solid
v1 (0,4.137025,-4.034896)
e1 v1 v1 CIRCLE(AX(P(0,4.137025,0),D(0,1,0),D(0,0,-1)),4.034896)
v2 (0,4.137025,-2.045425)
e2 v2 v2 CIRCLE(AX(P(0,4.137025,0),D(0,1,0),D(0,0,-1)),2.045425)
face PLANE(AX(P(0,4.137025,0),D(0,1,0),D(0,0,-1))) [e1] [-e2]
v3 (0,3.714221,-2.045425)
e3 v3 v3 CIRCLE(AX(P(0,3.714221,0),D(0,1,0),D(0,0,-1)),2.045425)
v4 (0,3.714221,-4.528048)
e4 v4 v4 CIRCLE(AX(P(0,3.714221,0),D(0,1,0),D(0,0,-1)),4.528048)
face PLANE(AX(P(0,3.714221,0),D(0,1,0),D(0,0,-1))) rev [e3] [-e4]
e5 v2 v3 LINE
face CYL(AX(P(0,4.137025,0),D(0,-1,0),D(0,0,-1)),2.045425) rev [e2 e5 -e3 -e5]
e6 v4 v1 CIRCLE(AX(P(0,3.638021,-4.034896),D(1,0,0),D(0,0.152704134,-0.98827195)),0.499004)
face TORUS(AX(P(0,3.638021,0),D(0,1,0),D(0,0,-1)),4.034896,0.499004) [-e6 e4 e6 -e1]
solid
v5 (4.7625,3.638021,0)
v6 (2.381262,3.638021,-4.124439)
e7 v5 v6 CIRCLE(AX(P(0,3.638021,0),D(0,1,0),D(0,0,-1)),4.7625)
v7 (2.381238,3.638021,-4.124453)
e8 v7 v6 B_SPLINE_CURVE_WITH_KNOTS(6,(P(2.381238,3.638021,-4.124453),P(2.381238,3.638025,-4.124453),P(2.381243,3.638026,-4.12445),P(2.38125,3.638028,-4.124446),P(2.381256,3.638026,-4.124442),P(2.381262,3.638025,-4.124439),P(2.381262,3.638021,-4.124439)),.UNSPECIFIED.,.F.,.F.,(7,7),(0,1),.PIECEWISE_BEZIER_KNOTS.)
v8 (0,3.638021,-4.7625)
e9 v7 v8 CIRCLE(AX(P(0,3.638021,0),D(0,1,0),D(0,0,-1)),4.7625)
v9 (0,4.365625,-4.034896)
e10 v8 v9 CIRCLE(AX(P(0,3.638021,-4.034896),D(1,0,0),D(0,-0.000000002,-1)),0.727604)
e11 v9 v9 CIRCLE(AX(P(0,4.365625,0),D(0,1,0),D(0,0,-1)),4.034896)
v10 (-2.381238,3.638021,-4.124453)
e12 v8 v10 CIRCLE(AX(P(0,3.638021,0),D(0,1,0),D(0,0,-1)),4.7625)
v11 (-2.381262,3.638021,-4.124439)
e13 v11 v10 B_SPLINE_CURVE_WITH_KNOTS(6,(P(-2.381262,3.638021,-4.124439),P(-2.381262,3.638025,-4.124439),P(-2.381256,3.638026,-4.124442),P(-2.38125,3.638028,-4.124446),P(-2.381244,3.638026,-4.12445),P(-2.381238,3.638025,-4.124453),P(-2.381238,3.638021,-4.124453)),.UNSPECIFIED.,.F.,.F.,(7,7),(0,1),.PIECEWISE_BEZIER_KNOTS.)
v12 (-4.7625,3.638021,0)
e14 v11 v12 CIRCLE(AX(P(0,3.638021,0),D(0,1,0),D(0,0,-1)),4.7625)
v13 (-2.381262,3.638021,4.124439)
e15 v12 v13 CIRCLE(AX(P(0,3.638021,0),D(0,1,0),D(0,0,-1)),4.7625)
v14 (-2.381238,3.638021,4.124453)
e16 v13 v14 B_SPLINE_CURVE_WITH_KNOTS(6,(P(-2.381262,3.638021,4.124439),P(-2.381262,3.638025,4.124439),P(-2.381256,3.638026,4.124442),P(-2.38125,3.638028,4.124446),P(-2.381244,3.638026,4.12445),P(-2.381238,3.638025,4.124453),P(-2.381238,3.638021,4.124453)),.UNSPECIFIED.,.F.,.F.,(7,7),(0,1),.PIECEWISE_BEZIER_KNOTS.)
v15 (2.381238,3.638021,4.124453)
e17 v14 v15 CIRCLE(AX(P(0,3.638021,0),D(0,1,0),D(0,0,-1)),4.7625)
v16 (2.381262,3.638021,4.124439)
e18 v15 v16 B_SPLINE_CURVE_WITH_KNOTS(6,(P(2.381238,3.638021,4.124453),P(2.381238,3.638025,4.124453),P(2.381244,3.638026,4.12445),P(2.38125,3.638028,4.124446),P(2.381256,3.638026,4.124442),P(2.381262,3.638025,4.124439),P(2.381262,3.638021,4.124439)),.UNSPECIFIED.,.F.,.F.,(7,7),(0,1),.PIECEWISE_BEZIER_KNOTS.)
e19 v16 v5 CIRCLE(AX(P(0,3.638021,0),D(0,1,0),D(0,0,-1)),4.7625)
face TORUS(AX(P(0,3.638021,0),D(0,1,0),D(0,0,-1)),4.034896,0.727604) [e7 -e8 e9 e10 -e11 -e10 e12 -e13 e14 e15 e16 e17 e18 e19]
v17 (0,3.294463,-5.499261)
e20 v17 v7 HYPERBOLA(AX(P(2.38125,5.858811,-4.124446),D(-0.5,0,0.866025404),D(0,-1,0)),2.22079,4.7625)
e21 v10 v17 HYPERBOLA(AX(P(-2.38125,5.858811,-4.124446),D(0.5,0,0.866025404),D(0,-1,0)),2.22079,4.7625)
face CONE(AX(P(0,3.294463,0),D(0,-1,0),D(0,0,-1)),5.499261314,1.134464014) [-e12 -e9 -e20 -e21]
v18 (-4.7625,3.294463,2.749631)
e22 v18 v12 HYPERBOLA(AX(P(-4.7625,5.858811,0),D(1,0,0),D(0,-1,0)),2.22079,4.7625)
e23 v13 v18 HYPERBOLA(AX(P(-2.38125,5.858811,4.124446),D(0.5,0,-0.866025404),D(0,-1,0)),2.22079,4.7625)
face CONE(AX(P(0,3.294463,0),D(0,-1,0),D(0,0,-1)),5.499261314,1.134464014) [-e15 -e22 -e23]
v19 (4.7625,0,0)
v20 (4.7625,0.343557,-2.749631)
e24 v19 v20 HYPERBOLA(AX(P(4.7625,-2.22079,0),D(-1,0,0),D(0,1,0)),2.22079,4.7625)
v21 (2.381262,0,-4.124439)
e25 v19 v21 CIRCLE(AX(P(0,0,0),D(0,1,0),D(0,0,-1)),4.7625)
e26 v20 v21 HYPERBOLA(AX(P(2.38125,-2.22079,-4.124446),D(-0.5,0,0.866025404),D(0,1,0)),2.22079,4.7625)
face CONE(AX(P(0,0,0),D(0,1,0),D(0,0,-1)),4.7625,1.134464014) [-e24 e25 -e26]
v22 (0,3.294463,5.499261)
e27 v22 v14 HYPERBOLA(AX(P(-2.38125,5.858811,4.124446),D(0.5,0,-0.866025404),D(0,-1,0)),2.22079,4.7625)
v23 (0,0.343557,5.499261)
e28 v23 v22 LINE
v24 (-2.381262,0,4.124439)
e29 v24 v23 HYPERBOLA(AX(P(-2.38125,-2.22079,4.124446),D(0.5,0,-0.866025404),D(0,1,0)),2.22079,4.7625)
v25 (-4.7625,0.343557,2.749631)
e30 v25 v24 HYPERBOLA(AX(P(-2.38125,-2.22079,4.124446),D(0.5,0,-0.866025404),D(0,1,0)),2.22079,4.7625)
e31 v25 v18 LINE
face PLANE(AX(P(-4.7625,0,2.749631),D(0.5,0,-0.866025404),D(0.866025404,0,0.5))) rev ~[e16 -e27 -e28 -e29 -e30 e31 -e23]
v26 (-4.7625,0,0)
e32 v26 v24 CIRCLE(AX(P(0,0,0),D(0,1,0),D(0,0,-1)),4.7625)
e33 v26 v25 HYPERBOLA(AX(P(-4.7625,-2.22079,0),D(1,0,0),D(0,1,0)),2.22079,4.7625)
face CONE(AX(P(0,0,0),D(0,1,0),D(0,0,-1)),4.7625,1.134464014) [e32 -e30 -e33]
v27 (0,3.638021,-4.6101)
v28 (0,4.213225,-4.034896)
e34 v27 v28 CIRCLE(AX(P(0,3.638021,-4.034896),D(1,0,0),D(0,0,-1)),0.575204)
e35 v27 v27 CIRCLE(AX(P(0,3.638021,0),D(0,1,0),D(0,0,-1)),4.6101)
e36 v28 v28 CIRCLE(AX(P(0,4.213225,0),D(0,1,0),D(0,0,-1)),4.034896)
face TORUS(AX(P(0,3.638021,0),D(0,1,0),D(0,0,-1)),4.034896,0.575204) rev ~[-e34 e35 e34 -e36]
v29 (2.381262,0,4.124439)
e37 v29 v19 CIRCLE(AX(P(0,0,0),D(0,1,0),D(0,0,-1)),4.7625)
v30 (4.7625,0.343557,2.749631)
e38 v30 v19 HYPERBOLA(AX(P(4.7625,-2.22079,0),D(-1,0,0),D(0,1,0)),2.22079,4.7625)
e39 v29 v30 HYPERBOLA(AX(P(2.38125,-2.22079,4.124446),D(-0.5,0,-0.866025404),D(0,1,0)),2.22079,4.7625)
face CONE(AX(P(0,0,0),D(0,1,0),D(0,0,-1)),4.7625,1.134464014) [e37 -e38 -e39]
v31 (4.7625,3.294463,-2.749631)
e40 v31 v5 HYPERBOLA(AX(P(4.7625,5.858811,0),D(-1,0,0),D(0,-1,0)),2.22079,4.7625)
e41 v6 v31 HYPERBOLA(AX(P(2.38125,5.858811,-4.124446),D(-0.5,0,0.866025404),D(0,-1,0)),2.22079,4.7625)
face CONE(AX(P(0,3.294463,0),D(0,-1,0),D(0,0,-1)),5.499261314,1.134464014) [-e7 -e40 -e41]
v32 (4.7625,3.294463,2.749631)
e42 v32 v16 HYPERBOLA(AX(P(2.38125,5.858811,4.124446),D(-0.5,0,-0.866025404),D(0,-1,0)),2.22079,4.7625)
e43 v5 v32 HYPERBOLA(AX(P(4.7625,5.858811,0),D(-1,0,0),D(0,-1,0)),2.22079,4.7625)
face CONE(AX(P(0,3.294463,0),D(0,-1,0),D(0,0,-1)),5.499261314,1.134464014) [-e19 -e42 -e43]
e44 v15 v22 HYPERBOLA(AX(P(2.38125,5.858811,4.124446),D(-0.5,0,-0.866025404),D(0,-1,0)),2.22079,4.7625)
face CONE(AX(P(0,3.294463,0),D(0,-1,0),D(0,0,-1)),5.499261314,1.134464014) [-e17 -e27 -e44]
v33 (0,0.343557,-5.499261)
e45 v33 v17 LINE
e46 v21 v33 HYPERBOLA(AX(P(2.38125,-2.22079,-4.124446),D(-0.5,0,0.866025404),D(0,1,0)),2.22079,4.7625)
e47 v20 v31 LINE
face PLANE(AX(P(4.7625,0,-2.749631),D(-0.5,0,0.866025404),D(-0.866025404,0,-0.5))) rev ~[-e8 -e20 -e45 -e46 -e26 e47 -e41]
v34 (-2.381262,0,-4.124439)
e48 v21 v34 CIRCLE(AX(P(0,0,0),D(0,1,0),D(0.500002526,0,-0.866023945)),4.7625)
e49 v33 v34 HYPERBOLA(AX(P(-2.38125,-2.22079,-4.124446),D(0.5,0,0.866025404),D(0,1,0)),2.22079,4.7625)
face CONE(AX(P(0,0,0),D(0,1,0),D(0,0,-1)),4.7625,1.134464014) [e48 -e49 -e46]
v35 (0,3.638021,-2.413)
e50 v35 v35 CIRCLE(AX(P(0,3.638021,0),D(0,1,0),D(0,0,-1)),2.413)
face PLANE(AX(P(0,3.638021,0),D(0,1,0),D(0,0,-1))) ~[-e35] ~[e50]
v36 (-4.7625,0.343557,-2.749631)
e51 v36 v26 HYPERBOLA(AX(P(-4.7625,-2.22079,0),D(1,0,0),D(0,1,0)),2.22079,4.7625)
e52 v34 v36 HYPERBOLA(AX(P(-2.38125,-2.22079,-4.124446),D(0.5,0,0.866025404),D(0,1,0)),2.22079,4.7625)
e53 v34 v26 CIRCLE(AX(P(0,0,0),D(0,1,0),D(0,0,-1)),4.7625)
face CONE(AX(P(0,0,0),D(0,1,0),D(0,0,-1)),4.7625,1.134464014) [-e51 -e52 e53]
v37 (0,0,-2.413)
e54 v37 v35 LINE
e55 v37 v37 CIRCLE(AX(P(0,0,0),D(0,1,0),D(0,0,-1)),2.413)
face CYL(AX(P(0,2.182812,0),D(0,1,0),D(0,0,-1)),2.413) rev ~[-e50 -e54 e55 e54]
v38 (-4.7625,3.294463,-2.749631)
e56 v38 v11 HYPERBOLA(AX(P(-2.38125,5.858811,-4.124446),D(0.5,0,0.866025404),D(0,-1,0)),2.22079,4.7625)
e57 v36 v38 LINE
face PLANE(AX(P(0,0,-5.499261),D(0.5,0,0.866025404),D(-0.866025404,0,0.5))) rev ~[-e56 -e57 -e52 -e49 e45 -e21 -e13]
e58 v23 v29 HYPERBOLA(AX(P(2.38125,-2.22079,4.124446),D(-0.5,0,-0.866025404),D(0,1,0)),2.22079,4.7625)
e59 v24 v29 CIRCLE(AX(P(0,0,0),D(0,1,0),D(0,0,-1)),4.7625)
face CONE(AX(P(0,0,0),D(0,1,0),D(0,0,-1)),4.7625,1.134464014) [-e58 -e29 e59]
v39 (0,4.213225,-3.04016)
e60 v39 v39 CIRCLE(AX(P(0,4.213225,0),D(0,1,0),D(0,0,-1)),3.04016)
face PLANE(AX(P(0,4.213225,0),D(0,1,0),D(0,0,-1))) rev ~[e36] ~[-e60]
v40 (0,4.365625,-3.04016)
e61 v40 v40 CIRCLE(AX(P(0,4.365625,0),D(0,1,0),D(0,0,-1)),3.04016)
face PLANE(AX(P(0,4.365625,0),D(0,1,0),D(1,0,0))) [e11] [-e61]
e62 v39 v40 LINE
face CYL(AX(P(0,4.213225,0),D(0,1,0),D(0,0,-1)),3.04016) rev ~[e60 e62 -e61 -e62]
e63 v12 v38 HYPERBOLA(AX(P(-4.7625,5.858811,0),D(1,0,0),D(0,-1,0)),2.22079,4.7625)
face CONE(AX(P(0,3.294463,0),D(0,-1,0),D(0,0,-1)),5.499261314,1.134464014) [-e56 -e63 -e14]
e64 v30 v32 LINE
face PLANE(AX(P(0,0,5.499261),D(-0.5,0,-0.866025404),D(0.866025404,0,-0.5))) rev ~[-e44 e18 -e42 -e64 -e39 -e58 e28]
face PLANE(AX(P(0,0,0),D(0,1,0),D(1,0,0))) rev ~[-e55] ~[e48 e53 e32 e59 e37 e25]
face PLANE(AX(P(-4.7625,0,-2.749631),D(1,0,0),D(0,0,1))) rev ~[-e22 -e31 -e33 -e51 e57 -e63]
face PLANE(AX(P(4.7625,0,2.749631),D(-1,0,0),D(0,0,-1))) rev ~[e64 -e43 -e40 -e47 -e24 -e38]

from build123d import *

# Parameters (mm, degrees)
EXTRUDE1_DEPTH = 4.365625
SKETCH2_W      = 2.413
SKETCH2_H      = 4.365625


with BuildPart() as part:
    # Sketch1 → Extrude1 (new body)
    with BuildSketch(Plane(origin=(0, 0, 0), x_dir=(1, 0, 0), z_dir=(0, 1, 0))):
        Polygon((0, 5.499261314), (-4.7625, 2.749630657), (-4.7625, -2.749630657), (0, -5.499261314), (4.7625, -2.749630657), (4.7625, 2.749630657), align=None)
    extrude(amount=EXTRUDE1_DEPTH)

    # Sketch4 → Cut-Revolve2 (revolve, cut)
    with BuildSketch(Plane(origin=(0, 0, 0), x_dir=(0, 0, -1), z_dir=(1, 0, 0))):
        Polygon((0, 4.365625), (2.413, 4.365625), (2.045424837, 4.194221887), (2.045424837, 0.171403113), (2.413, 0), (0, 0), align=None)
    revolve(axis=Axis((0, 4.365625, 0), (0, 1, 0)), mode=Mode.SUBTRACT)


with BuildPart() as body_2:
    # Sketch2 → Revolve1 (revolve)
    with BuildSketch(Plane(origin=(0, 0, 0), x_dir=(0, 0, -1), z_dir=(1, 0, 0))):
        with Locations((1.2065, 2.1828125)):
            Rectangle(SKETCH2_W, SKETCH2_H)
    revolve(axis=Axis((0, -2.413, 0), (0, 1, 0)))


with BuildPart() as part_1:
    add(part.part)

    # Combine1: cut body 2
    add(body_2.part, mode=Mode.SUBTRACT)

    # Sketch5 → Cut-Revolve3 (revolve, cut)
    with BuildSketch(Plane(origin=(0, 0, 0), x_dir=(0, 0, -1), z_dir=(1, 0, 0))):
        with BuildLine():
            Line((0, 0), (4.7625, 0))
            Line((4.7625, 0), (5.499261314, 0.343557443))
            Line((5.499261314, 0.343557443), (5.499261314, 3.29446339))
            Line((5.499261314, 3.29446339), (4.7625, 3.638020833))
            ThreePointArc((4.7625, 3.638020833), (4.549389674, 4.152514674), (4.034895833, 4.365625))
            Line((4.034895833, 4.365625), (4.034895833, 5.635625))
            Line((4.034895833, 5.635625), (6.769261314, 5.635625))
            Line((6.769261314, 5.635625), (6.769261314, -1.27))
            Line((6.769261314, -1.27), (0, -1.27))
            Line((0, -1.27), (0, 0))
        make_face()
    revolve(axis=Axis((0, 0, 0), (0, 1, 0)), mode=Mode.SUBTRACT)

    # Sketch6 → Cut-Revolve4 (revolve, cut)
    with BuildSketch(Plane(origin=(0, 0, 0), x_dir=(0, 0, -1), z_dir=(1, 0, 0))):
        with BuildLine():
            Line((0, 3.638020833), (4.6101, 3.638020833))
            ThreePointArc((4.6101, 3.638020833), (4.4416266, 4.0447516), (4.034895833, 4.213225))
            Line((4.034895833, 4.213225), (3.040160335, 4.213225))
            Line((3.040160335, 4.213225), (3.040160335, 5.635625))
            Line((3.040160335, 5.635625), (0, 5.635625))
            Line((0, 5.635625), (0, 3.638020833))
        make_face()
    revolve(axis=Axis((0, 5.635625, 0), (0, 1, 0)), mode=Mode.SUBTRACT)


with BuildPart() as body_2_2:
    # Sketch7 → Revolve2 (revolve)
    with BuildSketch(Plane(origin=(0, 0, 0), x_dir=(0, 0, -1), z_dir=(1, 0, 0))):
        with BuildLine():
            Line((2.045424837, 3.714220833), (4.528047654, 3.714220833))
            ThreePointArc((4.528047654, 3.714220833), (4.359688876, 4.016854092), (4.034895833, 4.137025))
            Line((4.034895833, 4.137025), (2.045424837, 4.137025))
            Line((2.045424837, 4.137025), (2.045424837, 3.714220833))
        make_face()
    revolve(axis=Axis((0, 3.714220833, 0), (0, 1, 0)))


solid = Compound([part_1.part, body_2_2.part])
